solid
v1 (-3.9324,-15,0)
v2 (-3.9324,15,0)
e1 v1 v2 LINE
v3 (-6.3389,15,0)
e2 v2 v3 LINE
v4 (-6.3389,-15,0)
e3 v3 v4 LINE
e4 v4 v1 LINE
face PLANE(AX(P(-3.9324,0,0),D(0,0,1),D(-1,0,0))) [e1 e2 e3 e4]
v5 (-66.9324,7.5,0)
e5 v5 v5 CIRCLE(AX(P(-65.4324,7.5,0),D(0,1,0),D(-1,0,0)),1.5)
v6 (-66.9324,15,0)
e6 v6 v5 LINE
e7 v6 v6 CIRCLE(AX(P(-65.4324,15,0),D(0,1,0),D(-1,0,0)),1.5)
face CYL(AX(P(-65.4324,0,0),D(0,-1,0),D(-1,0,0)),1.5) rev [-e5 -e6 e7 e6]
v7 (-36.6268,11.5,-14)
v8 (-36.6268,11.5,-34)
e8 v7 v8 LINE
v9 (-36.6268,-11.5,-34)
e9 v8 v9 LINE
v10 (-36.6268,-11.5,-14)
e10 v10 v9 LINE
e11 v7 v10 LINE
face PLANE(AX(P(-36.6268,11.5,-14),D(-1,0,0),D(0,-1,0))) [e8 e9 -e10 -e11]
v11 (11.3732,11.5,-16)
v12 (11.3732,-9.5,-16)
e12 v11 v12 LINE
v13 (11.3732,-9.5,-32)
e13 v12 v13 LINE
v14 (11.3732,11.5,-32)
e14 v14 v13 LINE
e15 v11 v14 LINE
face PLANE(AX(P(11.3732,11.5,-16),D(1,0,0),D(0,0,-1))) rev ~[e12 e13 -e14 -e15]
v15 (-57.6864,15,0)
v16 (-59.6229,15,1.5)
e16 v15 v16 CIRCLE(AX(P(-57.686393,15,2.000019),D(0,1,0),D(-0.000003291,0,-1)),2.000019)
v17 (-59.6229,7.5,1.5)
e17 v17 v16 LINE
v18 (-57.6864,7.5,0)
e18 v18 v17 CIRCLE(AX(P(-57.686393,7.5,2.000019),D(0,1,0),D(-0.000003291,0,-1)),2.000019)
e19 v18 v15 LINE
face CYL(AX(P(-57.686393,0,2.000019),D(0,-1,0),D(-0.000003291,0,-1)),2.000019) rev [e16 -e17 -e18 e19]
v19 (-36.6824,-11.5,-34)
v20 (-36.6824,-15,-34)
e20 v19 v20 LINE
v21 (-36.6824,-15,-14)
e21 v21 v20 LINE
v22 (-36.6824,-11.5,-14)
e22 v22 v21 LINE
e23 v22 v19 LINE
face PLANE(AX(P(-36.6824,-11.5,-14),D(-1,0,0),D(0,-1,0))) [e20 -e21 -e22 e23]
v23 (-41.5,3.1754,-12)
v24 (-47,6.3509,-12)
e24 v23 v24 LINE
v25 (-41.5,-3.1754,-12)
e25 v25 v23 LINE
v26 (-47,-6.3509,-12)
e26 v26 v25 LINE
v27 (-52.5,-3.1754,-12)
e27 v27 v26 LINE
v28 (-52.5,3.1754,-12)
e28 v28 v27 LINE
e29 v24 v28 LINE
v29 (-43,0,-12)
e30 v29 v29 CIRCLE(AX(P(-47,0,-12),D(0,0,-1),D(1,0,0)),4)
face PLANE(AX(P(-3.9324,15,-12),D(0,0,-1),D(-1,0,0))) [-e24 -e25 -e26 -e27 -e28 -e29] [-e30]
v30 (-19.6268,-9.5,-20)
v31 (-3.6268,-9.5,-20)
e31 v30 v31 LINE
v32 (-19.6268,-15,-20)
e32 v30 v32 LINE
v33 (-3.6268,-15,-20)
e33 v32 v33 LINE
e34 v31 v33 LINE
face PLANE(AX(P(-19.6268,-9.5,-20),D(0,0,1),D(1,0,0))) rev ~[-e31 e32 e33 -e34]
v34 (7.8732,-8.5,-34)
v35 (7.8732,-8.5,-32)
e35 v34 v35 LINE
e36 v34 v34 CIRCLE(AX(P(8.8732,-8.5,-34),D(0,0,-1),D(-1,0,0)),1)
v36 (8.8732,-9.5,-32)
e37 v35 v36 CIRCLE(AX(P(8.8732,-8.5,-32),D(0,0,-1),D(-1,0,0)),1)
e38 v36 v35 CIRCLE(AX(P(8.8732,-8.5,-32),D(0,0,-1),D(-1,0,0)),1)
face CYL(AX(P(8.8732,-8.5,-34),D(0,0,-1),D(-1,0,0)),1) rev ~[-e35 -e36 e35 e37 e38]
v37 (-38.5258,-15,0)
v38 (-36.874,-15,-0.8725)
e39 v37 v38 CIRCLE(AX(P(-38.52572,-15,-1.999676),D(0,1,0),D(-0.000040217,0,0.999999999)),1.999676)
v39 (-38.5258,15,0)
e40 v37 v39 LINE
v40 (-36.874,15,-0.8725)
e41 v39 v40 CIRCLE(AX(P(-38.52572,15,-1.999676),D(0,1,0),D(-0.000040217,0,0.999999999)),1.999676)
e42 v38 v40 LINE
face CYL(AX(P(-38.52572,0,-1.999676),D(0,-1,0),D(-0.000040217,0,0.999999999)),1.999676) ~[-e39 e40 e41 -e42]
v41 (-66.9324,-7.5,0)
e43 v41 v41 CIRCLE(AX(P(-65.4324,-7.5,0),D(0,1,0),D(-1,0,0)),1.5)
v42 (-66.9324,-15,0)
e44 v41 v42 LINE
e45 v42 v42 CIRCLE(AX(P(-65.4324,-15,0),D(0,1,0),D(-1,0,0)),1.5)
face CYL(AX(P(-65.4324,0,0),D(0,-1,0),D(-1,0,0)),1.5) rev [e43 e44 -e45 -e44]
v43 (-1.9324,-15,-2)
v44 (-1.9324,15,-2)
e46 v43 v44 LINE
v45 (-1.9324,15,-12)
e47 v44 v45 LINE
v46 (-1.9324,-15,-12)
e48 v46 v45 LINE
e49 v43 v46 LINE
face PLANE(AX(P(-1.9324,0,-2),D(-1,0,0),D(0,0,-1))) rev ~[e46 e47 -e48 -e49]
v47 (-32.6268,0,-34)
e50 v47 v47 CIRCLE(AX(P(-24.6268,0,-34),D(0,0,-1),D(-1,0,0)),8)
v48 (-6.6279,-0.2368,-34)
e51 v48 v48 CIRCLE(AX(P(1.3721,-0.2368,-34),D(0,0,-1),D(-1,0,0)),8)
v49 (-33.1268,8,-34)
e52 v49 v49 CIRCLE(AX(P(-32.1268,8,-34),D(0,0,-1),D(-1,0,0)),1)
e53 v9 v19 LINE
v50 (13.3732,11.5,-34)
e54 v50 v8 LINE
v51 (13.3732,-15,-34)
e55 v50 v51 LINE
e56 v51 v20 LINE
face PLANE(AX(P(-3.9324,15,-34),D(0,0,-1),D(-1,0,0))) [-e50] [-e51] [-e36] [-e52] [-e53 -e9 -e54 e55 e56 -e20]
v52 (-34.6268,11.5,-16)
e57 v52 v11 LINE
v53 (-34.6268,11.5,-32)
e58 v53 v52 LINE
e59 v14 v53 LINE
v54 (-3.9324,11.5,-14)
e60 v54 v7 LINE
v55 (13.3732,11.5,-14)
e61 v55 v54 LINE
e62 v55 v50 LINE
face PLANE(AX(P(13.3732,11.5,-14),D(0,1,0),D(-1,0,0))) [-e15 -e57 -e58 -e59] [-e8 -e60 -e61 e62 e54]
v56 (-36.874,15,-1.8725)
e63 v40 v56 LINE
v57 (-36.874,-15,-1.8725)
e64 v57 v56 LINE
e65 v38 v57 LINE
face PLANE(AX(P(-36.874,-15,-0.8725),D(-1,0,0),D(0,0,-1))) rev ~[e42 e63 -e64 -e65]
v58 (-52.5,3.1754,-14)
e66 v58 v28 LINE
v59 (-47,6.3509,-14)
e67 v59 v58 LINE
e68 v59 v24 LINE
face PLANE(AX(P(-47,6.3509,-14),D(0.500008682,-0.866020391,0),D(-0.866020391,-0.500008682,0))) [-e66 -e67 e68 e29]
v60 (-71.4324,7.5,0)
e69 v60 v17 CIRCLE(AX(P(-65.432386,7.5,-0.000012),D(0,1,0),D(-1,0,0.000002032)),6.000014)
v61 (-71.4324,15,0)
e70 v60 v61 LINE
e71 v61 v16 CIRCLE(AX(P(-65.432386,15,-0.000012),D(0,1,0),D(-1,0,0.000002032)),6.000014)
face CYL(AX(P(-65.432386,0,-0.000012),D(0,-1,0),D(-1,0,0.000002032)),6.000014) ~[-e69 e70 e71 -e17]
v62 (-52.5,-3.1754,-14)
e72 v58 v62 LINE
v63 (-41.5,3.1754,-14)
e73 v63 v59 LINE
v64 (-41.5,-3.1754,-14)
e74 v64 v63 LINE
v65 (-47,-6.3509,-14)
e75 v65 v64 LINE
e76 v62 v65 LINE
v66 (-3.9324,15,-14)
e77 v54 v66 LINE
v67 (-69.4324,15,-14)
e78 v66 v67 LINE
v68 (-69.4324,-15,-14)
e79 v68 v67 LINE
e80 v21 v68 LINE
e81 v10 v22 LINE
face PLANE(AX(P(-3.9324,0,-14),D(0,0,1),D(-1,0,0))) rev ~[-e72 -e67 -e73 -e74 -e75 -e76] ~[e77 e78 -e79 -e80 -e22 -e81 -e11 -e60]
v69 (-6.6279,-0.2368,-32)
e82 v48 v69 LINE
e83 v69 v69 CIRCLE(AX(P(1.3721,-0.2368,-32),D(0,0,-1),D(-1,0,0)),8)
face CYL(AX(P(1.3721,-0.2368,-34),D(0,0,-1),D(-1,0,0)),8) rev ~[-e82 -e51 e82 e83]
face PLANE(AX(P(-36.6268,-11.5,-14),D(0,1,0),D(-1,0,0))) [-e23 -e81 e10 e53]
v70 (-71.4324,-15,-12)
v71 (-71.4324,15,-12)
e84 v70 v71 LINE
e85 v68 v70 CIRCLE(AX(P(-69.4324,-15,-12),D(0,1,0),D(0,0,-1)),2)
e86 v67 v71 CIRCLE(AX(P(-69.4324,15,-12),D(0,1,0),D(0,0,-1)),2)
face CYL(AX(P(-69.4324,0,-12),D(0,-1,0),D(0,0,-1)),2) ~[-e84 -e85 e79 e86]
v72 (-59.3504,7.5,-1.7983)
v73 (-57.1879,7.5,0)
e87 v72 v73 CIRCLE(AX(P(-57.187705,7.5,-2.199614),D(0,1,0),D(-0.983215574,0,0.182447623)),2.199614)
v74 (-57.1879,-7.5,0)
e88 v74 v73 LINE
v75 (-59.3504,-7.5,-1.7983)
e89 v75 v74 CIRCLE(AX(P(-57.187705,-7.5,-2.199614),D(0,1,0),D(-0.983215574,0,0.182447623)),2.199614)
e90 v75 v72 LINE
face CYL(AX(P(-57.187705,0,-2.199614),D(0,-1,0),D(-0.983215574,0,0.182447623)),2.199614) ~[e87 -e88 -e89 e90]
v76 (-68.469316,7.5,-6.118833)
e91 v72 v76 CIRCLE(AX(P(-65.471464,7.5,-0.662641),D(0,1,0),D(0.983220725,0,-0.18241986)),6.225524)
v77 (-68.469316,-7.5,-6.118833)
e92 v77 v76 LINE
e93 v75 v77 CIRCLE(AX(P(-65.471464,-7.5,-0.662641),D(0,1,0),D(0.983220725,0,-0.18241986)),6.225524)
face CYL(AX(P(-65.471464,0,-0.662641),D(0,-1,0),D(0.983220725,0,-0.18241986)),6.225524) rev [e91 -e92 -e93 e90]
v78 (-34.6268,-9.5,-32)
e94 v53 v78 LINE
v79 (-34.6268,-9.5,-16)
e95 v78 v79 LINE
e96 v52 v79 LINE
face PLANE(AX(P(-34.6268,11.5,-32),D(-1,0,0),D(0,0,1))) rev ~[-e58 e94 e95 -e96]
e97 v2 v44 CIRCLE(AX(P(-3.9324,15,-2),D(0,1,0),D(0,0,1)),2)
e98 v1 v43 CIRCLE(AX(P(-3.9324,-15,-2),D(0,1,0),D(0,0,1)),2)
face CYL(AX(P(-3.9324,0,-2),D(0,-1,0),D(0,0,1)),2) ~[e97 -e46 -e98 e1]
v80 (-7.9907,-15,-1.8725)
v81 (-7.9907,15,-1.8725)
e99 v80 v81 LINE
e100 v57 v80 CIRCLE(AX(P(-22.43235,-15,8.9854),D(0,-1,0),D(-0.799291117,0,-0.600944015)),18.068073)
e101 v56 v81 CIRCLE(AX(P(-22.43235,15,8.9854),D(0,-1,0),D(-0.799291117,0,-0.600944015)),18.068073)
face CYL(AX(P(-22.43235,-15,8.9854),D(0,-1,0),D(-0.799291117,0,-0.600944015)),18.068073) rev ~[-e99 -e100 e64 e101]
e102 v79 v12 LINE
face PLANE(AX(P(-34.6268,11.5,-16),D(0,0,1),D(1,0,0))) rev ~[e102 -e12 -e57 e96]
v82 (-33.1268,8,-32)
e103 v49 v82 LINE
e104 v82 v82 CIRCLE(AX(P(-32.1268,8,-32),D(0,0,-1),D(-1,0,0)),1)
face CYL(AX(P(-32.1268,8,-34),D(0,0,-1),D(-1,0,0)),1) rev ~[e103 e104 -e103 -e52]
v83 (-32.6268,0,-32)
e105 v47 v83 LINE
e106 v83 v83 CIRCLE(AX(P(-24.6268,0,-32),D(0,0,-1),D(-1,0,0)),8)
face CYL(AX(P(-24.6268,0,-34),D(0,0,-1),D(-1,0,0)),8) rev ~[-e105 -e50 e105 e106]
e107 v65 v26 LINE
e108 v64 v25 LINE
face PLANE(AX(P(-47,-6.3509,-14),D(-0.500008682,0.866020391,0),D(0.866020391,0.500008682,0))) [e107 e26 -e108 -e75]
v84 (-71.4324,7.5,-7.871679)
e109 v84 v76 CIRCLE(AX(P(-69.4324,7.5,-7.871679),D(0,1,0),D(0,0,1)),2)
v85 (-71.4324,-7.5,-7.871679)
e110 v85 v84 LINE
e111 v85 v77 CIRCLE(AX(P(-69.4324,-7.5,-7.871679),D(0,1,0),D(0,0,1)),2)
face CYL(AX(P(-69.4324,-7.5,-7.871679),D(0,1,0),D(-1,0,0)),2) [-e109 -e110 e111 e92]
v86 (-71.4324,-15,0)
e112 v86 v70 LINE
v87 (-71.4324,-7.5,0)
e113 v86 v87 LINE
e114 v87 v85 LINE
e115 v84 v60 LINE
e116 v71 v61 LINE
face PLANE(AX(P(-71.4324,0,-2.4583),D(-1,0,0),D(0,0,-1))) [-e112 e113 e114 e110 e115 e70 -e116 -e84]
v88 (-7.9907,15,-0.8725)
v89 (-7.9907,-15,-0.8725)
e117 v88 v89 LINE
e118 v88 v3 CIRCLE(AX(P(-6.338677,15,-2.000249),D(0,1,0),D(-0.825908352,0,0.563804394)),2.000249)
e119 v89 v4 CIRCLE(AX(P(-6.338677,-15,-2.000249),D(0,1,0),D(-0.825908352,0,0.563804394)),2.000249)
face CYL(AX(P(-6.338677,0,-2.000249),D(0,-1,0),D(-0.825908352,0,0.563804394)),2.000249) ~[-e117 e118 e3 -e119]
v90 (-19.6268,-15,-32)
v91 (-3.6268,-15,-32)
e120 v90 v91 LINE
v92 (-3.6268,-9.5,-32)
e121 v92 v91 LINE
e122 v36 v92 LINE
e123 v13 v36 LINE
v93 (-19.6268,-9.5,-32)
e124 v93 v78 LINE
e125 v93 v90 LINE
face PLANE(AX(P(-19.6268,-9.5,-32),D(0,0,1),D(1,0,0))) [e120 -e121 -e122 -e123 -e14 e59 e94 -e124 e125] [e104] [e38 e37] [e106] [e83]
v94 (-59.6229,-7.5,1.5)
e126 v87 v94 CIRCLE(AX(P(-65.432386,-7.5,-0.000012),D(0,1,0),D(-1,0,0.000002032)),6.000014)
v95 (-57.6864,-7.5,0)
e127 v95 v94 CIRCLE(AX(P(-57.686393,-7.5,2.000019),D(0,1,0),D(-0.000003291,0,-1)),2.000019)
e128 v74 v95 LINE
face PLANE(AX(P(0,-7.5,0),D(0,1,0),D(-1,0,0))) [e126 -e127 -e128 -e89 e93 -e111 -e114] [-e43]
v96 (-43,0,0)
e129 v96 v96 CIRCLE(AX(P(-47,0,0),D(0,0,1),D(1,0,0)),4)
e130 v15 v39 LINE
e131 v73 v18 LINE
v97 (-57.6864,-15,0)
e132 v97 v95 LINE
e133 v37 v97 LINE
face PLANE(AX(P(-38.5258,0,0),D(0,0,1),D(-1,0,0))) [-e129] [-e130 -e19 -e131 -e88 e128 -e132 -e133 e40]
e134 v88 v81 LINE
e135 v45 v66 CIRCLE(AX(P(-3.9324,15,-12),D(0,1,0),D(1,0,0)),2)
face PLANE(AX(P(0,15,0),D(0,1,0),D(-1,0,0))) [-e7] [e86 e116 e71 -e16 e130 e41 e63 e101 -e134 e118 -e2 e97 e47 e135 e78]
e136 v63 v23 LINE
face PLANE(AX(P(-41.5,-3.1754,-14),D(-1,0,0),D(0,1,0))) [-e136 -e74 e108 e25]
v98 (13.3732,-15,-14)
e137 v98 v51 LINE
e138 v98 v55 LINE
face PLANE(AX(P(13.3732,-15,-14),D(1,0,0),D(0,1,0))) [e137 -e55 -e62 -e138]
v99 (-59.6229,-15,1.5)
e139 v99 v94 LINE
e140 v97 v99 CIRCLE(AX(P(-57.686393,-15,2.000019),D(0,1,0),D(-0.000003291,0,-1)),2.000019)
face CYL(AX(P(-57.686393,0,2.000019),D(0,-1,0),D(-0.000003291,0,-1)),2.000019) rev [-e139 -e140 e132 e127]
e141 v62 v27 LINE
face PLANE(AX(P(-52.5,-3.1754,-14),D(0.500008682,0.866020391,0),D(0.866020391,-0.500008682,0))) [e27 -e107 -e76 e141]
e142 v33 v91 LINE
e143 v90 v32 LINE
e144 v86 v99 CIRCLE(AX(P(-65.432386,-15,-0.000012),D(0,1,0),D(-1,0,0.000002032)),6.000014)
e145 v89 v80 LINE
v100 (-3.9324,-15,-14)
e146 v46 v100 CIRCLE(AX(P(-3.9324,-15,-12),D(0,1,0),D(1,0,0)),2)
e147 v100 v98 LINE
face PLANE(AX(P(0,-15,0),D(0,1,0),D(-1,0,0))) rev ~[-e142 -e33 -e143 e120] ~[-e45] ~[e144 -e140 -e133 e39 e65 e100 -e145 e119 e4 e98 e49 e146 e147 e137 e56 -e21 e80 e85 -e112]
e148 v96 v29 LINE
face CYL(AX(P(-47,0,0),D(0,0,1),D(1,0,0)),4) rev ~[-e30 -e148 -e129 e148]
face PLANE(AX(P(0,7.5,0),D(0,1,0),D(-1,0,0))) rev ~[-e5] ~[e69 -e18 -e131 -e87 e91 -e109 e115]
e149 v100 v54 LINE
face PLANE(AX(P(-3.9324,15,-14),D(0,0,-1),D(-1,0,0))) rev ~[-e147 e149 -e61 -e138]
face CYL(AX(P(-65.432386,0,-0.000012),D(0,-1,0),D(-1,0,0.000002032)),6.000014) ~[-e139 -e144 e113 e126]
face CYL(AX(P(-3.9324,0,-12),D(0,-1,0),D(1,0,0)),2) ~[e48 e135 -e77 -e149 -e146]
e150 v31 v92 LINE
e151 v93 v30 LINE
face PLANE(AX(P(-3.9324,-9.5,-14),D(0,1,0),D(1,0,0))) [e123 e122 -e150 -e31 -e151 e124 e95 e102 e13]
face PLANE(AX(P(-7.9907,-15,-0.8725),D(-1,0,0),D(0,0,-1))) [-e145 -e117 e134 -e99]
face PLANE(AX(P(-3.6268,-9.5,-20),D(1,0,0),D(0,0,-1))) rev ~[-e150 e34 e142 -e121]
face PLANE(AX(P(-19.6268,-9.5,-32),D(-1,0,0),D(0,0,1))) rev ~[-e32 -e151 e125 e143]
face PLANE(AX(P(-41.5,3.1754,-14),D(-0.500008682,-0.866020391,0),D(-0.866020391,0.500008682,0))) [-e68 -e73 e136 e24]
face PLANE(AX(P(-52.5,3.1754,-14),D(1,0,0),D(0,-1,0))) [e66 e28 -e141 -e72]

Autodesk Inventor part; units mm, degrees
ref_plane "YZ Plane" through (0, 0, 0) normal (1, 0, 0) x (0, 1, 0)
ref_plane "XZ Plane" through (0, 0, 0) normal (0, 1, 0) x (-1, 0, 0)
ref_plane "XY Plane" through (0, 0, 0) normal (0, 0, 1) x (1, 0, 0)
sketch "Sketch2" plane through (0, 0, 0) normal (0, 1, 0) x (-1, 0, 0)
  line L0 (3.9324, 0) -> (5, 0)
  arc A0 (3.9324, 0) -> (1.9324, -2) centre (3.9324, -2) ccw
  line L1 (3.9324, 0) -> (6.9065, 0)
  line L2 (3.9324, 0) -> (6.3389, 0)
  arc A1 (7.9907, -0.8725) -> (36.874, -0.8725) centre (22.4324, 8.9853) ccw
  line L3 (38.5258, 0) -> (57.6864, 0)
  arc A2 (71.4324, 0) -> (59.6229, 1.5) centre (65.4324, 0) ccw
  circle A3 centre (65.4324, 0) radius 1.5
  arc A4 (57.6864, 0) -> (59.6229, 1.5) centre (57.6864, 2) ccw
  arc A5 (38.5258, 0) -> (36.874, -0.8725) centre (38.5258, -2) ccw
  arc A6 (7.9907, -0.8725) -> (6.3389, 0) centre (6.3389, -2) ccw
  arc A7 (59.3504, -1.7983) -> (57.1879, 0) centre (57.1879, -2.1995) ccw
  line L4 (77.1831, 8.9853) -> (-10.6505, 8.9853) construction
  line L5 (3.9324, 17.9706) -> (5, 17.9706)
  arc A8 (42.998, 40.9699) -> (1.9324, 19.9706) centre (55.0831, -33.3161) ccw
  arc A9 (1.9324, 19.9706) -> (3.9324, 17.9706) centre (3.9324, 19.9706) ccw
  line L6 (3.9324, 17.9706) -> (6.9065, 17.9706)
  line L7 (3.9324, 17.9706) -> (6.3389, 17.9706)
  arc A10 (36.874, 18.843) -> (7.9907, 18.843) centre (22.4324, 8.9853) ccw
  line L8 (38.5258, 17.9706) -> (57.6864, 17.9706)
  arc A11 (59.6229, 16.4706) -> (71.4324, 17.9706) centre (65.4324, 17.9706) ccw
  arc A12 (71.4324, 17.9706) -> (42.998, 40.9699) centre (43.4479, 12.4496) ccw
  circle A13 centre (65.4324, 17.9706) radius 1.5
  arc A14 (59.6229, 16.4706) -> (57.6864, 17.9706) centre (57.6864, 15.9706) ccw
  arc A15 (36.874, 18.843) -> (38.5258, 17.9706) centre (38.5258, 19.9706) ccw
  arc A16 (6.3389, 17.9706) -> (7.9907, 18.843) centre (6.3389, 19.9706) ccw
  arc A17 (65.6797, 24.421) -> (59.3504, 19.7689) centre (64.5387, 19.3419) ccw
  arc A18 (65.6797, 24.421) -> (67.6049, 27.617) centre (65.5936, 26.6507) ccw
  arc A19 (57.1879, 17.9706) -> (59.3504, 19.7689) centre (57.1879, 20.1701) ccw
  line L9 (1.9324, -2) -> (1.9324, -12)
  line L10 (3.9324, -14) -> (69.4324, -14)
  arc A20 (1.9324, -12) -> (3.9324, -14) centre (3.9324, -12) ccw
  line L11 (71.4324, 0) -> (71.4324, -12)
  arc A21 (69.4324, -14) -> (71.4324, -12) centre (69.4324, -12) ccw
  arc A22 (59.3504, -1.7983) -> (71.4324, -2.4583) centre (65.4715, -0.6626) ccw
  point P0 (0, 0)
  point P1 (7.4324, 0)
  point P2 (37.4324, 0)
  point P3 (22.4324, -8.5)
  point P4 (0, 17.9706)
  point P5 (7.4324, 17.9706)
  point P6 (37.4324, 17.9706)
  point P7 (22.4324, 26.4706)
  point P8 (71.4324, 17.9706)
  point P9 (6.3389, 17.9706)
  dimension "d3" = 2
  dimension "d12" = 3.5
  dimension "d13" = 30
  dimension "d14" = 8.5
  dimension "d17" = 3
  dimension "d18" = 2
  dimension "d19" = 2
  dimension "d21" = 0
  dimension "d22" = 0
  dimension "d91" = 3.9324
  dimension "d92" = 2
  dimension "d93" = 28
  dimension "d94" = 2
  dimension "d107" = 10
extrude "Extrusion1" add sketch "Sketch2" along normal mid plane 30 contours L0 L1 A6 A1 A5 L3 A7 A22 L11 A21 L10 A20 L9 A0 | L3 A4 A2 L11 A22 A7
extrude "Extrusion2" cut sketch "Sketch2" along normal mid plane 15 contours L3 A4 A2 L11 A22 A7
sketch "Sketch7" plane through (0, -15, 0) normal (0, -1, 0) x (1, 0, 0)
  arc A0 (-6.3389, 0) -> (-7.9907, -0.8725) centre (-6.3389, -2) ccw projected
  line L0 (-7.9907, -0.8725) -> (-7.9907, -1.8725)
  arc A1 (-36.874, -0.8725) -> (-7.9907, -0.8725) centre (-22.4324, 8.9853) ccw projected
  line L1 (-36.874, -0.8725) -> (-36.874, -1.8725)
  arc A2 (-36.874, -1.8725) -> (-7.9907, -1.8725) centre (-22.4324, 8.9853) ccw
  point P0 (0, 0)
  dimension "d59" = 1
  dimension "d60" = 1
extrude "Extrusion10" cut sketch "Sketch7" against normal up to next
fillet "Fillet4" radius 2 1 edges at (-71.4324, 0, -2.4583)
sketch "Sketch13" plane through (-57.6864, -15, 0) normal (0, 0, 1) x (1, 0, 0)
  circle A0 centre (10.6864, 15) radius 4
  line L0 (55.754, 30) -> (55.754, 0) projected
  point P0 (57.6864, 15)
  dimension "d99" = 8
  dimension "d106" = 47
extrude "Extrusion15" cut sketch "Sketch13" against normal up to next
sketch "Sketch14" plane through (-3.9324, 15, -14) normal (0, 0, -1) x (-1, 0, 0)
  circle A0 centre (43.0676, -15) radius 4 projected
  line L0 (43.0676, -21.3509) -> (37.5676, -18.1754)
  line L1 (37.5676, -18.1754) -> (37.5676, -11.8246)
  line L2 (37.5676, -11.8246) -> (43.0676, -8.6491)
  line L3 (43.0676, -8.6491) -> (48.5676, -11.8246)
  line L4 (48.5676, -11.8246) -> (48.5676, -18.1754)
  line L5 (48.5676, -18.1754) -> (43.0676, -21.3509)
  line L6 (67.5, -30) -> (67.5, 0) projected
  point P0 (-3.9324, -15)
  point P1 (37.5676, -15)
  dimension "d103" = 11
extrude "Extrusion16" cut sketch "Sketch14" against normal blind 2
sketch "Sketch15" plane through (-3.9324, 15, -14) normal (0, 0, -1) x (-1, 0, 0)
  line L0 (32.6944, -26.5) -> (-17.3056, -26.5)
  line L1 (-17.3056, -26.5) -> (-17.3056, -3.5)
  line L2 (-17.3056, -3.5) -> (32.6944, -3.5)
  line L3 (32.6944, -3.5) -> (32.6944, -26.5)
  line L4 (0, 0) -> (65.5, 0) projected
  line L5 (32.9416, -30) -> (4.0584, -30) projected
  line L6 (-17.3056, -26.5) -> (32.75, -26.5)
  line L7 (32.75, -26.5) -> (32.75, -30)
  line L8 (32.75, -30) -> (-17.3056, -30)
  line L9 (-17.3056, -30) -> (-17.3056, -26.5)
  point P0 (7.6944, -26.5)
  point P1 (4.0584, -30)
  dimension "d111" = 50
  dimension "d112" = 23
extrude "Extrusion17" add sketch "Sketch15" along normal blind 20
sketch "Sketch17" plane through (-3.9324, 15, -34) normal (0, 0, -1) x (-1, 0, 0)
  line L0 (-17.3056, -26.5) -> (32.75, -26.5)
  line L1 (32.75, -30) -> (-17.3056, -30)
  line L2 (32.6944, -26.5) -> (-17.3056, -26.5)
  line L3 (-17.3056, -3.5) -> (32.6944, -3.5)
  circle A0 centre (-12.8056, -23.5) radius 1
  line L4 (-17.3056, -26.5) -> (-17.3056, -3.5)
  line L5 (-17.3056, -30) -> (-17.3056, -26.5)
  circle A1 centre (-5.3045, -15.2368) radius 8
  circle A2 centre (20.6944, -15) radius 8
  line L6 (32.75, -26.5) -> (32.75, -30)
  line L7 (32.9416, -30) -> (4.0584, -30)
  line L8 (32.6944, -3.5) -> (32.6944, -26.5)
  circle A3 centre (28.1944, -7) radius 1
  point P0 (-3.9324, -15)
  point P1 (-3.9324, -15)
  point P2 (7.6944, -26.5)
  point P3 (-3.9324, -15)
  point P4 (0, 0)
  point P5 (7.6944, -13.0925)
  dimension "d142" = 50
  dimension "d143" = 23
  dimension "d144" = 25
  dimension "d145" = 2
  dimension "d146" = 2
  dimension "d147" = 41
  dimension "d148" = 16.5
  dimension "d149" = 3.5
  dimension "d150" = 4.5
  dimension "d151" = 16
  dimension "d152" = 16
  dimension "d153" = 26
  dimension "d154" = 11.5
  dimension "d155" = 13
extrude "Extrusion18" cut sketch "Sketch17" against normal blind 2 contours A0 | A1 | A2 | A3
sketch "Sketch18" plane through (-3.9324, 11.5, -14) normal (0, 1, 0) x (1, 0, 0)
  line L0 (-30.6944, 2) -> (15.3056, 2)
  line L1 (15.3056, 2) -> (15.3056, 18)
  line L2 (15.3056, 18) -> (-30.6944, 18)
  line L3 (-30.6944, 18) -> (-30.6944, 2)
  line L4 (-32.6944, 20) -> (17.3056, 20) projected
  line L5 (0, 0) -> (-65.5, 0) projected
  line L6 (17.3056, 0) -> (17.3056, 20) projected
  line L7 (-32.6944, 0) -> (-32.6944, 20) projected
  point P0 (3.9324, -14)
  dimension "d158" = 2
  dimension "d159" = 2
  dimension "d160" = 2
  dimension "d161" = 2
extrude "Extrusion19" cut sketch "Sketch18" against normal blind 21
sketch "Sketch19" plane through (-3.9324, -9.5, -14) normal (0, 1, 0) x (1, 0, 0)
  line L0 (-30.6944, 18) -> (12.8056, 18) projected
  line L1 (-15.6944, 6) -> (0.3056, 6)
  line L2 (0.3056, 6) -> (0.3056, 18)
  line L3 (0.3056, 18) -> (-15.6944, 18)
  line L4 (-15.6944, 18) -> (-15.6944, 6)
  line L5 (-30.6944, 2) -> (-30.6944, 18) projected
  point P0 (3.9324, -14)
  point P1 (-15.6944, 18)
  dimension "d164" = 15
  dimension "d165" = 16
  dimension "d168" = 12
extrude "Extrusion20" cut sketch "Sketch19" against normal blind 20
properties part number "Bike_Mount_Right"
